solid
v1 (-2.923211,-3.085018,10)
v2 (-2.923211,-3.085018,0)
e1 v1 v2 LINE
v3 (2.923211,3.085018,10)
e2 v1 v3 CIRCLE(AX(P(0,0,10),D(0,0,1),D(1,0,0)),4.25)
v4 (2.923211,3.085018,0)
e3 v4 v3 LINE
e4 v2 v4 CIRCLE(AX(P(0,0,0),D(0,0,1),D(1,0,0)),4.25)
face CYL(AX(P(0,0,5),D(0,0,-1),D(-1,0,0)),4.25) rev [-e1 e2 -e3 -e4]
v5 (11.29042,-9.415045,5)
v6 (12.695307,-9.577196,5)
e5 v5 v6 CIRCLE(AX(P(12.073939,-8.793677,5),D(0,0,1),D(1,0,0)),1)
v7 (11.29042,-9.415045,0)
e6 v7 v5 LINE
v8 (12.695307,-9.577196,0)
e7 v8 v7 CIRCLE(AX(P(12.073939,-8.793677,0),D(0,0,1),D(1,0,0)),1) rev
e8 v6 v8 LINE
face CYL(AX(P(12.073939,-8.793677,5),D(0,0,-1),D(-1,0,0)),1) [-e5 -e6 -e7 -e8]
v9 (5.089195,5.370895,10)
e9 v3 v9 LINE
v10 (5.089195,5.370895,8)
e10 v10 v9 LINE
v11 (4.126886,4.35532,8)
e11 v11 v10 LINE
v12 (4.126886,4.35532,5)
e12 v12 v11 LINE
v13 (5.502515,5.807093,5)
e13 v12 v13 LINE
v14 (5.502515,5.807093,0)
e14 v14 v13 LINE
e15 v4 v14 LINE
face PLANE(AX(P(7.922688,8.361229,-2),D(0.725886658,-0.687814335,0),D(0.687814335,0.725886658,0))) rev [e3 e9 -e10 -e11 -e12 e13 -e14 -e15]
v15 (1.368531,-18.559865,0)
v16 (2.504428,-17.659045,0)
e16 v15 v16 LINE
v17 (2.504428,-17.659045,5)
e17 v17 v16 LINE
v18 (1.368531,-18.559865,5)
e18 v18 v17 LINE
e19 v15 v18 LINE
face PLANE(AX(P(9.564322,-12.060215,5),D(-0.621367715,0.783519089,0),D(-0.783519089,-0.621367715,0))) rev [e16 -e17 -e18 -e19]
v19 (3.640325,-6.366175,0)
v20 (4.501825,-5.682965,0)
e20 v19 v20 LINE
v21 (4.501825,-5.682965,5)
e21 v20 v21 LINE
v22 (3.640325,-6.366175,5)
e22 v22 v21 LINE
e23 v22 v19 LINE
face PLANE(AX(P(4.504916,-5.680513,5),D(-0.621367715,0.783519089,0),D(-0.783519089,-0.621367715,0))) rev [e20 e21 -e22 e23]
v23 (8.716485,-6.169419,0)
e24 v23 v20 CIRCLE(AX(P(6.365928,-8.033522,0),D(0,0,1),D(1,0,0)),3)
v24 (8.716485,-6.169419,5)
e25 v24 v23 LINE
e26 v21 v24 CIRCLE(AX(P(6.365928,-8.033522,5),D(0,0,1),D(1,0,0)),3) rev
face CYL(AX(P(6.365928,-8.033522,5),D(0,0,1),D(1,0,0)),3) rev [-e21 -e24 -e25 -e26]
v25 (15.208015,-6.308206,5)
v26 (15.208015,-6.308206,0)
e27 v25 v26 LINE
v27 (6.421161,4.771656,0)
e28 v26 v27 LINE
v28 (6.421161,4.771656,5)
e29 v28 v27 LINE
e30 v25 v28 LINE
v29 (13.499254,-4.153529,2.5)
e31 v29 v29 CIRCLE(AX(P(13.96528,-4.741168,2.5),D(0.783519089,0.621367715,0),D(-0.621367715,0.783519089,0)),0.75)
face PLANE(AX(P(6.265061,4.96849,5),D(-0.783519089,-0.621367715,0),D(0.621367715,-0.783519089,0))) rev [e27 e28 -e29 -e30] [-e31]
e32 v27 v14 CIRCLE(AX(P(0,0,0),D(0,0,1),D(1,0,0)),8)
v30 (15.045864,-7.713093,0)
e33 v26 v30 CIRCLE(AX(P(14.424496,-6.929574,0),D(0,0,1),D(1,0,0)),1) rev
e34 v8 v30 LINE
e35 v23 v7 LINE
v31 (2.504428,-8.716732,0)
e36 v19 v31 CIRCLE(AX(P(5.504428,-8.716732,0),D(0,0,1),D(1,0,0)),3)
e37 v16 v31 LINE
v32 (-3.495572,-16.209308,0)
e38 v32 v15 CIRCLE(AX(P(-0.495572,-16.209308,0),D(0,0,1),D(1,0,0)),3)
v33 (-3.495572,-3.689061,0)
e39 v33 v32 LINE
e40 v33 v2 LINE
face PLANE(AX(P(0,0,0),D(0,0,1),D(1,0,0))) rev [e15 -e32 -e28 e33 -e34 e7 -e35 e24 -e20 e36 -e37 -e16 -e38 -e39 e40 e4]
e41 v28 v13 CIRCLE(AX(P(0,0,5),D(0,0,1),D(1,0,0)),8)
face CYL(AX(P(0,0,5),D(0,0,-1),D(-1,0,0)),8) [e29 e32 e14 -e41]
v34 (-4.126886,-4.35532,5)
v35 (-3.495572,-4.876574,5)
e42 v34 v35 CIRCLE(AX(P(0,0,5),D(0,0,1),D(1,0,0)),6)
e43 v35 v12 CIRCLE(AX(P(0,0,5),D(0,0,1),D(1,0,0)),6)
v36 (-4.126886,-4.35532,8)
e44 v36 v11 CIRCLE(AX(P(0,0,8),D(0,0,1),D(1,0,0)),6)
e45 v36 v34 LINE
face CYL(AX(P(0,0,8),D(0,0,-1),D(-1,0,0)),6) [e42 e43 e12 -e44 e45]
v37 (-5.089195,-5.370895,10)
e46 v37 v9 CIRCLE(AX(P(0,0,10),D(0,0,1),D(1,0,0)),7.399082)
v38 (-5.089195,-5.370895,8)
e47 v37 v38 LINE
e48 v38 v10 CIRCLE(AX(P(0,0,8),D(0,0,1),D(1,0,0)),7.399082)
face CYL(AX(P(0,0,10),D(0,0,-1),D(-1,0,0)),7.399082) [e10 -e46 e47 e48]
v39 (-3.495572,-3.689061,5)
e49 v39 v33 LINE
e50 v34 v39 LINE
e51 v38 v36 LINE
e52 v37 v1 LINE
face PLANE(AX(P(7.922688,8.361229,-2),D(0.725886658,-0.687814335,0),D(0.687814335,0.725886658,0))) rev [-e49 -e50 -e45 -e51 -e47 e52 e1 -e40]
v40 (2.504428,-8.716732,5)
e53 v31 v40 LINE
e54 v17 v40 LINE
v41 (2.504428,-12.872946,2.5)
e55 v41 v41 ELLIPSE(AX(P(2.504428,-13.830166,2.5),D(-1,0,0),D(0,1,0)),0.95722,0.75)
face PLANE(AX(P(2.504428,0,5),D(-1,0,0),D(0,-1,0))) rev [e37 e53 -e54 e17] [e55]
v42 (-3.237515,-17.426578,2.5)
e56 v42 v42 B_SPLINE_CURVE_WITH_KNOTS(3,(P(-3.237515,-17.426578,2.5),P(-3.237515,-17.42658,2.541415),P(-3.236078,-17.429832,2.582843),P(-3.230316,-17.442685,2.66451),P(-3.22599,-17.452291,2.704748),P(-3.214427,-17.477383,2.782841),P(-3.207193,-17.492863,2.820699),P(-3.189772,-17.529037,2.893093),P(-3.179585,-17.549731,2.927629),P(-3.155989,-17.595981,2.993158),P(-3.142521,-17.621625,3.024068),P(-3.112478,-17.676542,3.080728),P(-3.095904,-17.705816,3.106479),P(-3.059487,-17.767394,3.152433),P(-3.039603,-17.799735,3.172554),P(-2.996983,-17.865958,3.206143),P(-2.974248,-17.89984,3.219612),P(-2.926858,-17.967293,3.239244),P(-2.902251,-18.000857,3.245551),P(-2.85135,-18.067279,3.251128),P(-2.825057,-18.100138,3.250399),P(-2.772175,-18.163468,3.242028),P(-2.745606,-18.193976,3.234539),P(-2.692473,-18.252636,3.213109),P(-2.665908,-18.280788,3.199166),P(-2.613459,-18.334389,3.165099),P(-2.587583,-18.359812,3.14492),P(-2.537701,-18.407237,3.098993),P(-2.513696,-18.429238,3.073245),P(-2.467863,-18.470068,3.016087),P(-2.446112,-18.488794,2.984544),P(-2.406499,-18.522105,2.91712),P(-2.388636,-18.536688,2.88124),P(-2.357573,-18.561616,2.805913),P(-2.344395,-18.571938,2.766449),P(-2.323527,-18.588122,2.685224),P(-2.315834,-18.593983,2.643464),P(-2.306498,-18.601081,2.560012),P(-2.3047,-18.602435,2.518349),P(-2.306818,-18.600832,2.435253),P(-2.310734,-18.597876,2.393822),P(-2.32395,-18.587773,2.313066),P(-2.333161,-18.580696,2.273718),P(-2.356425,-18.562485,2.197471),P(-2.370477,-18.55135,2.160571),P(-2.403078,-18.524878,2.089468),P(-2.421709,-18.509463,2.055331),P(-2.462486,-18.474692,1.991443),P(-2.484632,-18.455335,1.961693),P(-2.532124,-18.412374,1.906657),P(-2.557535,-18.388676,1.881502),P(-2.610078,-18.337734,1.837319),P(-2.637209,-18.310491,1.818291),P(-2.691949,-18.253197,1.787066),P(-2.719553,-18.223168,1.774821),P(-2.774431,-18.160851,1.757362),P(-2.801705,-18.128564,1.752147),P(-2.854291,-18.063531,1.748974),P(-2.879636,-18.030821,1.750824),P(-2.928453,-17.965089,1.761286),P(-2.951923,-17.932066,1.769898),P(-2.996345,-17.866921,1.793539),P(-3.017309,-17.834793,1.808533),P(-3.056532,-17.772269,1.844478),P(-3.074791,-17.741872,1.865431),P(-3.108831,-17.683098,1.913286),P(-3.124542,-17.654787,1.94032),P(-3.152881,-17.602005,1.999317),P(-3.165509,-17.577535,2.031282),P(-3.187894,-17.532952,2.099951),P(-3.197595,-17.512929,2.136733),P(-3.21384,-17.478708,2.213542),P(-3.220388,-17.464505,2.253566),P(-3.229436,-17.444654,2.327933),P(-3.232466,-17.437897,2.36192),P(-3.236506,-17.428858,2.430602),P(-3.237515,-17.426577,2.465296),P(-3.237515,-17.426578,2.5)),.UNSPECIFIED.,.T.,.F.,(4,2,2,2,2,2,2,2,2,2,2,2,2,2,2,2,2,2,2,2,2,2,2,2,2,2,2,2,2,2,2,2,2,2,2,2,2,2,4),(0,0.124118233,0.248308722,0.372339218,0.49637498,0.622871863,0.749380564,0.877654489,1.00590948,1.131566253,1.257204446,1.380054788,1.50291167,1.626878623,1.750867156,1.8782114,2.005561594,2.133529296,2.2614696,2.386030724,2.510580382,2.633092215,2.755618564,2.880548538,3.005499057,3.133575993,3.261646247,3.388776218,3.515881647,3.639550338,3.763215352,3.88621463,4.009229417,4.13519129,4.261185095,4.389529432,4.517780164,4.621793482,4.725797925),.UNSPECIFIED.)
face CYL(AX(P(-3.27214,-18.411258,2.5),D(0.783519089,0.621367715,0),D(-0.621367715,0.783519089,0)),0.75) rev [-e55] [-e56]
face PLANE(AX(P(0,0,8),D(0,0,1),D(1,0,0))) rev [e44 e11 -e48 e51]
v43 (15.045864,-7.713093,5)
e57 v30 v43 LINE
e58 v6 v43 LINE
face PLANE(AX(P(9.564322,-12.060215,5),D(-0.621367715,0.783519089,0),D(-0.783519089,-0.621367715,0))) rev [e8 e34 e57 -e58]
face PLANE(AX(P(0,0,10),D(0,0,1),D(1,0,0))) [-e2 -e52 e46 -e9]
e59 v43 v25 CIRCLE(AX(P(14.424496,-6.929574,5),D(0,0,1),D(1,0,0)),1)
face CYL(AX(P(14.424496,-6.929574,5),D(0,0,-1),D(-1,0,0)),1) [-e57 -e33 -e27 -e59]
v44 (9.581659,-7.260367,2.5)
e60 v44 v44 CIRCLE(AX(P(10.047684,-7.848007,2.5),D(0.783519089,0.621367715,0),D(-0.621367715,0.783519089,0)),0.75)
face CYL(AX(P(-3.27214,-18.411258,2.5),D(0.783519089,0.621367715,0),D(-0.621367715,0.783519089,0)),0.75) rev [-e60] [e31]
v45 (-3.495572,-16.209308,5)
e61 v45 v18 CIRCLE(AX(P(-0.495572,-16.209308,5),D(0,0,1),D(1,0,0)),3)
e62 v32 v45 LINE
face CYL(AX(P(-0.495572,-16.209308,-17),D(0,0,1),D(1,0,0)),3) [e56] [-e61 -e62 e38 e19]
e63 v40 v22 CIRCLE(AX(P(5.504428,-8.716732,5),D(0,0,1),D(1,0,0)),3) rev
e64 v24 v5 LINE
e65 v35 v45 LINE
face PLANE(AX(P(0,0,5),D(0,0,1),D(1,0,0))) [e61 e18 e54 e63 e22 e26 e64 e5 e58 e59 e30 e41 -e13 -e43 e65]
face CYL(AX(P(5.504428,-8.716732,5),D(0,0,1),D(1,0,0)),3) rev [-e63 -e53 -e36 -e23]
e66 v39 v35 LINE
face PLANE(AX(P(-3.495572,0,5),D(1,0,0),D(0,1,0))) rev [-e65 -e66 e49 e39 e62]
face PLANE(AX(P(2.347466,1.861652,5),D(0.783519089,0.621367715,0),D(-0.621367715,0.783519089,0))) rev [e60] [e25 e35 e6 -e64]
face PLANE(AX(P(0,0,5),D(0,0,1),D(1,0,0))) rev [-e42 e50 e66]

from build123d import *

# Parameters (mm, degrees)
P_IDAT_VYSUNUT_M1_DEPTH  = 5
SKICA2_R                 = 6
SKICA2_R_2               = 4.25
P_IDAT_VYSUNUT_M2_DEPTH  = 3
SKICA3_R                 = 7.399081898
SKICA3_R_2               = 4.25
P_IDAT_VYSUNUT_M3_DEPTH  = 2
ODEBRAT_VYSUNUT_M1_DEPTH = 12
SKICA5_R                 = 0.75
ODEBRAT_VYSUNUT_M2_DEPTH = 22
ODEBRAT_VYSUNUT_M3_DEPTH = 22
ZAOBLIT1_R               = 3
ZAOBLIT2_R               = 1


with BuildPart() as part:
    # Skica1 → Přidat vysunutím1 (new body)
    with BuildSketch(Plane.XY):
        with BuildLine():
            ThreePointArc((4.25, 0), (1.26615959, -4.057011202), (-3.495571714, -2.417328772))
            Line((-3.495571714, -2.417328772), (-3.495571714, -22.417328772))
            Line((-3.495571714, -22.417328772), (2.504428286, -17.65904484))
            Line((2.504428286, -17.65904484), (2.504428286, -7.266994767))
            Line((2.504428286, -7.266994767), (6.852381906, -3.818861792))
            Line((6.852381906, -3.818861792), (11.911787503, -10.198563806))
            Line((11.911787503, -10.198563806), (15.829382947, -7.09172523))
            Line((15.829382947, -7.09172523), (6.421160578, 4.771655566))
            ThreePointArc((6.421160578, 4.771655566), (5.746609385, 5.565651855), (4.974594852, 6.26525387))
            Line((4.974594852, 6.26525387), (1.66035906, 3.912250988))
            ThreePointArc((1.66035906, 3.912250988), (3.543940322, 2.345844623), (4.25, 0))
        make_face()
    extrude(amount=P_IDAT_VYSUNUT_M1_DEPTH)

    # Skica2 → Přidat vysunutím2 (add)
    with BuildSketch(Plane.XY.offset(5)):
        with Locations(Location((0, 0, 0), (0, 0, 234.366710991))):
            Circle(SKICA2_R)
        with Locations(Location((0, 0, 0), (0, 0, 214.665420921))):
            Circle(SKICA2_R_2, mode=Mode.SUBTRACT)
    extrude(amount=P_IDAT_VYSUNUT_M2_DEPTH)

    # Skica3 → Přidat vysunutím3 (add)
    with BuildSketch(Plane.XY.offset(8)):
        Circle(SKICA3_R)
        with Locations(Location((0, 0, 0), (0, 0, 214.665420921))):
            Circle(SKICA3_R_2, mode=Mode.SUBTRACT)
    extrude(amount=P_IDAT_VYSUNUT_M3_DEPTH)

    # Skica4 → Odebrat vysunutím1 (cut)
    with BuildSketch(Plane.XY.offset(10)):
        Polygon((7.922687554, 8.36122904), (-6.923828501, -7.307080525), (-16.64765112, 7.717248389), align=None)
    extrude(amount=-ODEBRAT_VYSUNUT_M1_DEPTH, mode=Mode.SUBTRACT)

    # Skica5 → Odebrat vysunutím2 (cut)
    with BuildSketch(Plane(origin=(6.265061416, 4.968490178, 0), x_dir=(0, 0, -1), z_dir=(0.7835190888567162, 0.6213677151229708, 0))):
        with Locations(Location((-2.5, -12.392369605, 0), (0, 0, 90))):
            Circle(SKICA5_R)
    extrude(amount=-ODEBRAT_VYSUNUT_M2_DEPTH, mode=Mode.SUBTRACT)

    # Skica7 → Odebrat vysunutím3 (cut)
    with BuildSketch(Plane.XY.offset(5)):
        with BuildLine():
            Line((-3.495571714, -22.417328772), (1.368531431, -18.559864799))
            ThreePointArc((1.368531431, -18.559864799), (-1.800885961, -18.910447054), (-3.495571714, -16.209307532))
            Line((-3.495571714, -16.209307532), (-3.495571714, -22.417328772))
        make_face()
    extrude(amount=-ODEBRAT_VYSUNUT_M3_DEPTH, mode=Mode.SUBTRACT)

    # Zaoblit1
    zaoblit1_edges = [part.edges().sort_by_distance(p)[0] for p in [
        (6.852381906, -3.818861792, 2.5),
        (2.504428286, -7.266994767, 2.5),
    ]]
    fillet(zaoblit1_edges, radius=ZAOBLIT1_R)

    # Zaoblit2
    zaoblit2_edges = [part.edges().sort_by_distance(p)[0] for p in [
        (15.829382947, -7.09172523, 2.5),
        (11.911787503, -10.198563806, 2.5),
    ]]
    fillet(zaoblit2_edges, radius=ZAOBLIT2_R)


solid = part.part
